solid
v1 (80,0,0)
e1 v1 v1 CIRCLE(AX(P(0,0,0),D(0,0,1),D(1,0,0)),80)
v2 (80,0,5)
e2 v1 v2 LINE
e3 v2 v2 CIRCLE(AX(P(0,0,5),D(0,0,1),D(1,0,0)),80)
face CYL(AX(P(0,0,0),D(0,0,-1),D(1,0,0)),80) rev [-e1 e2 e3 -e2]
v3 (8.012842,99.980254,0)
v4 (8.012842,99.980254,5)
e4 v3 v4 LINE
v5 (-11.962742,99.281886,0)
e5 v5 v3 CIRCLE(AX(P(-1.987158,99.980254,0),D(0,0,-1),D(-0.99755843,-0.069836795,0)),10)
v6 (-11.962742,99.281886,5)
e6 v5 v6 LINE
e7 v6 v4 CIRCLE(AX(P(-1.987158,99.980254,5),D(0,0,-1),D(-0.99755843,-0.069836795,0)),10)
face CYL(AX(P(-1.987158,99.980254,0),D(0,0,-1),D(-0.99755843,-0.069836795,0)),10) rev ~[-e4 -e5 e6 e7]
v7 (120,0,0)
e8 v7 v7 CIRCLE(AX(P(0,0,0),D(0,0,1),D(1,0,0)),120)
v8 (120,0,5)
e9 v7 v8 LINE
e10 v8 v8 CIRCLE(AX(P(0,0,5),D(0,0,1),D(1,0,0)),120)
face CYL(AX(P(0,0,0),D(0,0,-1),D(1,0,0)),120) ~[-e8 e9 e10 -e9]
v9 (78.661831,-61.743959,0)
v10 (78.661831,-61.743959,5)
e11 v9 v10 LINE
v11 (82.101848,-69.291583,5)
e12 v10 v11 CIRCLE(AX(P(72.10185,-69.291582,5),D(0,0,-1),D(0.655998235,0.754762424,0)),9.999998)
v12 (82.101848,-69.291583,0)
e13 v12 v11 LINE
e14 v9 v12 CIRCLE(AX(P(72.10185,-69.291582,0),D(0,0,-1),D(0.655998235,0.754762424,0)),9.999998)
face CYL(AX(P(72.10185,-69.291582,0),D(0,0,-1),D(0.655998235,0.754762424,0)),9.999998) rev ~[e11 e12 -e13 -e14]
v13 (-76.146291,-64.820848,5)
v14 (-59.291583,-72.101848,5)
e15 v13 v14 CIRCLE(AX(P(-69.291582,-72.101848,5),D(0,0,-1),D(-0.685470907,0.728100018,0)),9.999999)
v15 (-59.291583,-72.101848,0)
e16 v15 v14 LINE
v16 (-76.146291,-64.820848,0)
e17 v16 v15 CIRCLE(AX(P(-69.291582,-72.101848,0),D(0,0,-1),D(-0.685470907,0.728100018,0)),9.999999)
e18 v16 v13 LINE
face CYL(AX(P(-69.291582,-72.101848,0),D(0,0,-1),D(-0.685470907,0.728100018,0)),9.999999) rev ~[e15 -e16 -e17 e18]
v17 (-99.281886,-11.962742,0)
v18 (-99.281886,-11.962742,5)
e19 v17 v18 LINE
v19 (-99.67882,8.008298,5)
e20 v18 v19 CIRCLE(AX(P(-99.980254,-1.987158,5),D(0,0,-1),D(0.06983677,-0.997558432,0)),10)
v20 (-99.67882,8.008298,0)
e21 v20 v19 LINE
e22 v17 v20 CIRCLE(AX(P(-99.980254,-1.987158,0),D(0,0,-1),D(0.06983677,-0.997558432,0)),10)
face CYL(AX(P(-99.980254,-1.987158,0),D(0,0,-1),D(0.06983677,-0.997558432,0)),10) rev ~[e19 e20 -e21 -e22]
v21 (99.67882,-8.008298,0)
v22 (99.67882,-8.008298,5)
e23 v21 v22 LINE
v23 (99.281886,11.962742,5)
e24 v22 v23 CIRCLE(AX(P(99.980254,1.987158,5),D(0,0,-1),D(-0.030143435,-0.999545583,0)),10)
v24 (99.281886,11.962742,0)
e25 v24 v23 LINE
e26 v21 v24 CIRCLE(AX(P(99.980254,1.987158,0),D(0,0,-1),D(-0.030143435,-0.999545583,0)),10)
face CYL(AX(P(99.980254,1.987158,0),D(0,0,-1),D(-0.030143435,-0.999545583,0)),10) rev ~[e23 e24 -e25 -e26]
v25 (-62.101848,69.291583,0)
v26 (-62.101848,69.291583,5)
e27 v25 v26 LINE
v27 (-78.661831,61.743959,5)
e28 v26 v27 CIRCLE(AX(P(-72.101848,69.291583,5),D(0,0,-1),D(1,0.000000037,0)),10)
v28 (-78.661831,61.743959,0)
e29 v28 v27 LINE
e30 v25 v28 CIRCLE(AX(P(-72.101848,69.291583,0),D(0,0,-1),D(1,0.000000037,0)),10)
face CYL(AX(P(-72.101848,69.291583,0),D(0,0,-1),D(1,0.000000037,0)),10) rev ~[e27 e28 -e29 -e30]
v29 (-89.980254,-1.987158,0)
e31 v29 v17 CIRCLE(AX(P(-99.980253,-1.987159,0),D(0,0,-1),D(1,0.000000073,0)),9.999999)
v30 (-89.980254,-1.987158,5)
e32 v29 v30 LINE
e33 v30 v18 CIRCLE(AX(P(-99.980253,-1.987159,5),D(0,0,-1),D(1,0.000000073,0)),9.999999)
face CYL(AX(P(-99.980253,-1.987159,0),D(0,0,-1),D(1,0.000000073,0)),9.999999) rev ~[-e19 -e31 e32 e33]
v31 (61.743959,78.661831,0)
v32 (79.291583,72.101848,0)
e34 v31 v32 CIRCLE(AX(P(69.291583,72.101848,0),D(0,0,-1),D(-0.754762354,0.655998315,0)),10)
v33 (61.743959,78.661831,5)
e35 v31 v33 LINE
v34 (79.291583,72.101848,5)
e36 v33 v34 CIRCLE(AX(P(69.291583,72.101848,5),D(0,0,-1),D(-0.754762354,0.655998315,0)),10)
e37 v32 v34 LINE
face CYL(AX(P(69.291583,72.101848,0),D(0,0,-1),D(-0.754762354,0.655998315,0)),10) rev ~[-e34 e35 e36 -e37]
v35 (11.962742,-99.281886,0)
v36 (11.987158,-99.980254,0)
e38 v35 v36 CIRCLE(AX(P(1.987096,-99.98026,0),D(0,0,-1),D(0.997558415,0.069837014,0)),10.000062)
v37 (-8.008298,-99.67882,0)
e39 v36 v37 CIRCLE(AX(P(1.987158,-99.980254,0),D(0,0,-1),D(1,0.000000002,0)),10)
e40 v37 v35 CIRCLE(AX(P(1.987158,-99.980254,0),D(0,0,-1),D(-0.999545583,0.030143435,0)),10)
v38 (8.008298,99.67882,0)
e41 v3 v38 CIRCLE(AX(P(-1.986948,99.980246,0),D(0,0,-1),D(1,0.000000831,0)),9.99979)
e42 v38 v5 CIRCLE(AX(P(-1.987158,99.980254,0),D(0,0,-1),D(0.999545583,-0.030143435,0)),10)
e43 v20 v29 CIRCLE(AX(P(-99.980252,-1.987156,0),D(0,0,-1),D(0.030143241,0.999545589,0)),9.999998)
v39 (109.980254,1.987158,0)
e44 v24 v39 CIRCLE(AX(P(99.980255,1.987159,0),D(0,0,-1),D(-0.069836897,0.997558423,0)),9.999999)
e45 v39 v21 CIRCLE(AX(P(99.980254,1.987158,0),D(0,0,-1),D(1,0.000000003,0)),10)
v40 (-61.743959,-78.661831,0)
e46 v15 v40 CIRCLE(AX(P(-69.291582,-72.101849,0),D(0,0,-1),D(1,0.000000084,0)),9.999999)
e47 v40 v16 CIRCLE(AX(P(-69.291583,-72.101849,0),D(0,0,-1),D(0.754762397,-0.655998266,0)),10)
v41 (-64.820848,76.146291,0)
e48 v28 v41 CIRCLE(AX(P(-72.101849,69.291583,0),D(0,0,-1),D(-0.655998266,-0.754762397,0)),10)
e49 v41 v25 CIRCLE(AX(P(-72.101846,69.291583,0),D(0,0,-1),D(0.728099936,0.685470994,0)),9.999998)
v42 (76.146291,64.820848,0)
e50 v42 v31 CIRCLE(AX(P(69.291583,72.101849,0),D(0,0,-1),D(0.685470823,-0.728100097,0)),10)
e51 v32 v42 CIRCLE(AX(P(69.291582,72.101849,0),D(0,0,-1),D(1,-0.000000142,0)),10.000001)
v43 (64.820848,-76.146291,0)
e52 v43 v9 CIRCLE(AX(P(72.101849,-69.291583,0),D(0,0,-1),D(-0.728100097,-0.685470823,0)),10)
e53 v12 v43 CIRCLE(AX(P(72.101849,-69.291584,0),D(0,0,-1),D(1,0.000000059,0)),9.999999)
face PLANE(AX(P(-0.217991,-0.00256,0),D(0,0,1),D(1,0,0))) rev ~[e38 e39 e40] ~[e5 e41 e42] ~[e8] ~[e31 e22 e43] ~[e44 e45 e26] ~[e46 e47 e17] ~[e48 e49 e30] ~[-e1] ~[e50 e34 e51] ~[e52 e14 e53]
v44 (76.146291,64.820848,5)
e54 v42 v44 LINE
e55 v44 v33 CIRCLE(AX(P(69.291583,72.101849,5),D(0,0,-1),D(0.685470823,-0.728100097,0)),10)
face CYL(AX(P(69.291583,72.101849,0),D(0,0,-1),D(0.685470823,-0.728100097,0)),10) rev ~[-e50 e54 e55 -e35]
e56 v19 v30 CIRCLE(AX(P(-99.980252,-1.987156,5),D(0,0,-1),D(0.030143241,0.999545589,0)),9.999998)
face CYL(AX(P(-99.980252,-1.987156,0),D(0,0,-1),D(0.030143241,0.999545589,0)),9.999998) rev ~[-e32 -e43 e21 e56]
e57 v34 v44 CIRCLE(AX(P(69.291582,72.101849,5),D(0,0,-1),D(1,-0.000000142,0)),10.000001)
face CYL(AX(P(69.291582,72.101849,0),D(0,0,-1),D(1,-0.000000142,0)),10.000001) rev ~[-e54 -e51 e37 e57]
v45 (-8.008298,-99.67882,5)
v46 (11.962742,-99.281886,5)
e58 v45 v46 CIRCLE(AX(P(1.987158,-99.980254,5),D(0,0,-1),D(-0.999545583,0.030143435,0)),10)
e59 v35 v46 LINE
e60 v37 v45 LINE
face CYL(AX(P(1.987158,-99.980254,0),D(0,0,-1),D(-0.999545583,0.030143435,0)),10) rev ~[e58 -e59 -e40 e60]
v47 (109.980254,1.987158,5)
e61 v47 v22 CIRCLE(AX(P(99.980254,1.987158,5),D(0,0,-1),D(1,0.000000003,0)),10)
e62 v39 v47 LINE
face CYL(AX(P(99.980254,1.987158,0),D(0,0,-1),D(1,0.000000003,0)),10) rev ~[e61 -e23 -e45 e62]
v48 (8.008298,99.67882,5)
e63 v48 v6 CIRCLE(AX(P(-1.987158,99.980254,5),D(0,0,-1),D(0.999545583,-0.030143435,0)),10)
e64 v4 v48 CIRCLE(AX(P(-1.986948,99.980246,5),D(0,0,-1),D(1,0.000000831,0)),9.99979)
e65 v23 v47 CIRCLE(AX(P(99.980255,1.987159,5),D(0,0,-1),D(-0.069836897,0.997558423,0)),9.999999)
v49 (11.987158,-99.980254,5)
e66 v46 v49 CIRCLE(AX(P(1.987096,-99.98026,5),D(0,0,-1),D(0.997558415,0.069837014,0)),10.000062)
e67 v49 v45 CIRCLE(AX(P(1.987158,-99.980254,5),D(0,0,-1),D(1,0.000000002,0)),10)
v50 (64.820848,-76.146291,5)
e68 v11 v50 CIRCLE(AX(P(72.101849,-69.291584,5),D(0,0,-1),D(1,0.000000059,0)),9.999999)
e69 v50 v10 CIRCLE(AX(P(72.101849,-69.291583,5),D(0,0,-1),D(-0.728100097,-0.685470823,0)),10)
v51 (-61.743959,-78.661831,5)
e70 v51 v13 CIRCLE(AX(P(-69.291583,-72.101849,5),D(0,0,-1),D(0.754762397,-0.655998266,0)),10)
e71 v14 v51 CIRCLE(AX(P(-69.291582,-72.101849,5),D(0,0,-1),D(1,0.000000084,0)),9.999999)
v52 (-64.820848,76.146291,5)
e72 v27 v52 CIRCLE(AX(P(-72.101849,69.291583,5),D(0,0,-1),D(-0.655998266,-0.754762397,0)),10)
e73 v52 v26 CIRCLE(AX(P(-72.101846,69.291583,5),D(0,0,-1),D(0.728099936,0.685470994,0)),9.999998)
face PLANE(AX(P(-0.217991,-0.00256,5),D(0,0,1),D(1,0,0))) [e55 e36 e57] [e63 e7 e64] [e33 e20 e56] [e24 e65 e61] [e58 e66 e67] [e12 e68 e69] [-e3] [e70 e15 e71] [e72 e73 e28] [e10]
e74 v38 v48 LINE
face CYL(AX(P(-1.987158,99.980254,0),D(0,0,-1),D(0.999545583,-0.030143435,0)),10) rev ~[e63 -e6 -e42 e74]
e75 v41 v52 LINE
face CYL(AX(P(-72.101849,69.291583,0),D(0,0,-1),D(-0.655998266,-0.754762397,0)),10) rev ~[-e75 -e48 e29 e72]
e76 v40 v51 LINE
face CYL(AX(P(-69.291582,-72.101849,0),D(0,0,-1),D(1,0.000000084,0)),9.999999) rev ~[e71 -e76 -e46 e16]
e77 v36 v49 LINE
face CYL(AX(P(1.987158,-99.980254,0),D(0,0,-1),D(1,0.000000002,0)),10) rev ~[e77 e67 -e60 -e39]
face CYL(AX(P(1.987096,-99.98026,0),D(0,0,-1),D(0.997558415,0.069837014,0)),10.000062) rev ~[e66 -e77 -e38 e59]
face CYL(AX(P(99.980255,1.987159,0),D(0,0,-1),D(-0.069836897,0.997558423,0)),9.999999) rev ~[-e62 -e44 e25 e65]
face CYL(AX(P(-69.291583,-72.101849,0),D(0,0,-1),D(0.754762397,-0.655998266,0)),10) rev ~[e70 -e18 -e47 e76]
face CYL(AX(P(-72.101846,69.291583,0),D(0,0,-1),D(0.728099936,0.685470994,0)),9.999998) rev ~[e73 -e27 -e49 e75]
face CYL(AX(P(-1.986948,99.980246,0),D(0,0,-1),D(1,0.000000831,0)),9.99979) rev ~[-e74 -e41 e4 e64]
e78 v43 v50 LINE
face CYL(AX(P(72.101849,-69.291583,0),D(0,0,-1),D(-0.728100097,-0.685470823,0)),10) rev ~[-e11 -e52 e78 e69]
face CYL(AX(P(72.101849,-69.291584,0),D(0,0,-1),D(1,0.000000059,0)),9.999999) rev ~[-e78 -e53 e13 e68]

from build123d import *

# Parameters (mm, degrees)
F0_R     = 120
F1_DEPTH = 5
F0_R_2   = 80
F2_DEPTH = 5


with BuildPart() as f1:
    # F0 (on Top) → F1 (new body)
    with BuildSketch(Plane.XY):
        Circle(F0_R)
        with BuildLine():
            ThreePointArc((76.146291, 64.820848), (91.609258, 40.096681), (99.281886, 11.962742))
            ThreePointArc((99.281886, 11.962742), (106.799943, 9.30097), (109.980254, 1.987158))
            ThreePointArc((109.980254, 1.987158), (106.943933, -5.189692), (99.67882, -8.008298))
            ThreePointArc((99.67882, -8.008298), (93.130163, -36.424892), (78.661831, -61.743959))
            ThreePointArc((78.661831, -61.743959), (81.201294, -65.144284), (82.101848, -69.291583))
            ThreePointArc((82.101848, -69.291583), (75.788988, -78.587012), (64.820848, -76.146291))
            ThreePointArc((64.820848, -76.146291), (40.096681, -91.609258), (11.962742, -99.281886))
            ThreePointArc((11.962742, -99.281886), (11.981052, -99.630856), (11.987158, -99.980254))
            ThreePointArc((11.987158, -99.980254), (1.836424, -109.979118), (-8.008298, -99.67882))
            ThreePointArc((-8.008298, -99.67882), (-36.424892, -93.130163), (-61.743959, -78.661831))
            ThreePointArc((-61.743959, -78.661831), (-76.220741, -79.312033), (-76.146291, -64.820848))
            ThreePointArc((-76.146291, -64.820848), (-91.609258, -40.096681), (-99.281886, -11.962742))
            ThreePointArc((-99.281886, -11.962742), (-109.978279, -2.185874), (-99.67882, 8.008298))
            ThreePointArc((-99.67882, 8.008298), (-93.130163, 36.424892), (-78.661831, 61.743959))
            ThreePointArc((-78.661831, 61.743959), (-79.312033, 76.220741), (-64.820848, 76.146291))
            ThreePointArc((-64.820848, 76.146291), (-40.096681, 91.609258), (-11.962742, 99.281886))
            ThreePointArc((-11.962742, 99.281886), (-2.336555, 109.974148), (8.012842, 99.980254))
            ThreePointArc((8.012842, 99.980254), (8.011706, 99.82952), (8.008298, 99.67882))
            ThreePointArc((8.008298, 99.67882), (36.424892, 93.130163), (61.743959, 78.661831))
            ThreePointArc((61.743959, 78.661831), (72.793279, 81.468711), (79.291583, 72.101848))
            ThreePointArc((79.291583, 72.101848), (78.471645, 68.136189), (76.146291, 64.820848))
        make_face(mode=Mode.SUBTRACT)
    extrude(amount=F1_DEPTH)

    # F0 (on Top) → F2 (join)
    with BuildSketch(Plane.XY):
        with BuildLine():
            ThreePointArc((99.67882, -8.008298), (89.982229, 1.788442), (99.281886, 11.962742))
            ThreePointArc((99.281886, 11.962742), (91.609258, 40.096681), (76.146291, 64.820848))
            ThreePointArc((76.146291, 64.820848), (62.362425, 64.891664), (61.743959, 78.661831))
            ThreePointArc((61.743959, 78.661831), (36.424892, 93.130163), (8.008298, 99.67882))
            ThreePointArc((8.008298, 99.67882), (-1.788442, 89.982229), (-11.962742, 99.281886))
            ThreePointArc((-11.962742, 99.281886), (-40.096681, 91.609258), (-64.820848, 76.146291))
            ThreePointArc((-64.820848, 76.146291), (-62.806419, 72.978722), (-62.101848, 69.291583))
            ThreePointArc((-62.101848, 69.291583), (-67.954549, 60.192137), (-78.661831, 61.743959))
            ThreePointArc((-78.661831, 61.743959), (-93.130163, 36.424892), (-99.67882, 8.008298))
            ThreePointArc((-99.67882, 8.008298), (-92.803404, 4.976522), (-89.980254, -1.987158))
            ThreePointArc((-89.980254, -1.987158), (-92.666442, -8.806847), (-99.281886, -11.962742))
            ThreePointArc((-99.281886, -11.962742), (-91.609258, -40.096681), (-76.146291, -64.820848))
            ThreePointArc((-76.146291, -64.820848), (-65.325923, -62.921786), (-59.291583, -72.101848))
            ThreePointArc((-59.291583, -72.101848), (-59.92472, -75.603545), (-61.743959, -78.661831))
            ThreePointArc((-61.743959, -78.661831), (-36.424892, -93.130163), (-8.008298, -99.67882))
            ThreePointArc((-8.008298, -99.67882), (1.788442, -89.982229), (11.962742, -99.281886))
            ThreePointArc((11.962742, -99.281886), (40.096681, -91.609258), (64.820848, -76.146291))
            ThreePointArc((64.820848, -76.146291), (64.891664, -62.362425), (78.661831, -61.743959))
            ThreePointArc((78.661831, -61.743959), (93.130163, -36.424892), (99.67882, -8.008298))
        make_face()
        Circle(F0_R_2, mode=Mode.SUBTRACT)
    extrude(amount=F2_DEPTH)


solid = f1.part
